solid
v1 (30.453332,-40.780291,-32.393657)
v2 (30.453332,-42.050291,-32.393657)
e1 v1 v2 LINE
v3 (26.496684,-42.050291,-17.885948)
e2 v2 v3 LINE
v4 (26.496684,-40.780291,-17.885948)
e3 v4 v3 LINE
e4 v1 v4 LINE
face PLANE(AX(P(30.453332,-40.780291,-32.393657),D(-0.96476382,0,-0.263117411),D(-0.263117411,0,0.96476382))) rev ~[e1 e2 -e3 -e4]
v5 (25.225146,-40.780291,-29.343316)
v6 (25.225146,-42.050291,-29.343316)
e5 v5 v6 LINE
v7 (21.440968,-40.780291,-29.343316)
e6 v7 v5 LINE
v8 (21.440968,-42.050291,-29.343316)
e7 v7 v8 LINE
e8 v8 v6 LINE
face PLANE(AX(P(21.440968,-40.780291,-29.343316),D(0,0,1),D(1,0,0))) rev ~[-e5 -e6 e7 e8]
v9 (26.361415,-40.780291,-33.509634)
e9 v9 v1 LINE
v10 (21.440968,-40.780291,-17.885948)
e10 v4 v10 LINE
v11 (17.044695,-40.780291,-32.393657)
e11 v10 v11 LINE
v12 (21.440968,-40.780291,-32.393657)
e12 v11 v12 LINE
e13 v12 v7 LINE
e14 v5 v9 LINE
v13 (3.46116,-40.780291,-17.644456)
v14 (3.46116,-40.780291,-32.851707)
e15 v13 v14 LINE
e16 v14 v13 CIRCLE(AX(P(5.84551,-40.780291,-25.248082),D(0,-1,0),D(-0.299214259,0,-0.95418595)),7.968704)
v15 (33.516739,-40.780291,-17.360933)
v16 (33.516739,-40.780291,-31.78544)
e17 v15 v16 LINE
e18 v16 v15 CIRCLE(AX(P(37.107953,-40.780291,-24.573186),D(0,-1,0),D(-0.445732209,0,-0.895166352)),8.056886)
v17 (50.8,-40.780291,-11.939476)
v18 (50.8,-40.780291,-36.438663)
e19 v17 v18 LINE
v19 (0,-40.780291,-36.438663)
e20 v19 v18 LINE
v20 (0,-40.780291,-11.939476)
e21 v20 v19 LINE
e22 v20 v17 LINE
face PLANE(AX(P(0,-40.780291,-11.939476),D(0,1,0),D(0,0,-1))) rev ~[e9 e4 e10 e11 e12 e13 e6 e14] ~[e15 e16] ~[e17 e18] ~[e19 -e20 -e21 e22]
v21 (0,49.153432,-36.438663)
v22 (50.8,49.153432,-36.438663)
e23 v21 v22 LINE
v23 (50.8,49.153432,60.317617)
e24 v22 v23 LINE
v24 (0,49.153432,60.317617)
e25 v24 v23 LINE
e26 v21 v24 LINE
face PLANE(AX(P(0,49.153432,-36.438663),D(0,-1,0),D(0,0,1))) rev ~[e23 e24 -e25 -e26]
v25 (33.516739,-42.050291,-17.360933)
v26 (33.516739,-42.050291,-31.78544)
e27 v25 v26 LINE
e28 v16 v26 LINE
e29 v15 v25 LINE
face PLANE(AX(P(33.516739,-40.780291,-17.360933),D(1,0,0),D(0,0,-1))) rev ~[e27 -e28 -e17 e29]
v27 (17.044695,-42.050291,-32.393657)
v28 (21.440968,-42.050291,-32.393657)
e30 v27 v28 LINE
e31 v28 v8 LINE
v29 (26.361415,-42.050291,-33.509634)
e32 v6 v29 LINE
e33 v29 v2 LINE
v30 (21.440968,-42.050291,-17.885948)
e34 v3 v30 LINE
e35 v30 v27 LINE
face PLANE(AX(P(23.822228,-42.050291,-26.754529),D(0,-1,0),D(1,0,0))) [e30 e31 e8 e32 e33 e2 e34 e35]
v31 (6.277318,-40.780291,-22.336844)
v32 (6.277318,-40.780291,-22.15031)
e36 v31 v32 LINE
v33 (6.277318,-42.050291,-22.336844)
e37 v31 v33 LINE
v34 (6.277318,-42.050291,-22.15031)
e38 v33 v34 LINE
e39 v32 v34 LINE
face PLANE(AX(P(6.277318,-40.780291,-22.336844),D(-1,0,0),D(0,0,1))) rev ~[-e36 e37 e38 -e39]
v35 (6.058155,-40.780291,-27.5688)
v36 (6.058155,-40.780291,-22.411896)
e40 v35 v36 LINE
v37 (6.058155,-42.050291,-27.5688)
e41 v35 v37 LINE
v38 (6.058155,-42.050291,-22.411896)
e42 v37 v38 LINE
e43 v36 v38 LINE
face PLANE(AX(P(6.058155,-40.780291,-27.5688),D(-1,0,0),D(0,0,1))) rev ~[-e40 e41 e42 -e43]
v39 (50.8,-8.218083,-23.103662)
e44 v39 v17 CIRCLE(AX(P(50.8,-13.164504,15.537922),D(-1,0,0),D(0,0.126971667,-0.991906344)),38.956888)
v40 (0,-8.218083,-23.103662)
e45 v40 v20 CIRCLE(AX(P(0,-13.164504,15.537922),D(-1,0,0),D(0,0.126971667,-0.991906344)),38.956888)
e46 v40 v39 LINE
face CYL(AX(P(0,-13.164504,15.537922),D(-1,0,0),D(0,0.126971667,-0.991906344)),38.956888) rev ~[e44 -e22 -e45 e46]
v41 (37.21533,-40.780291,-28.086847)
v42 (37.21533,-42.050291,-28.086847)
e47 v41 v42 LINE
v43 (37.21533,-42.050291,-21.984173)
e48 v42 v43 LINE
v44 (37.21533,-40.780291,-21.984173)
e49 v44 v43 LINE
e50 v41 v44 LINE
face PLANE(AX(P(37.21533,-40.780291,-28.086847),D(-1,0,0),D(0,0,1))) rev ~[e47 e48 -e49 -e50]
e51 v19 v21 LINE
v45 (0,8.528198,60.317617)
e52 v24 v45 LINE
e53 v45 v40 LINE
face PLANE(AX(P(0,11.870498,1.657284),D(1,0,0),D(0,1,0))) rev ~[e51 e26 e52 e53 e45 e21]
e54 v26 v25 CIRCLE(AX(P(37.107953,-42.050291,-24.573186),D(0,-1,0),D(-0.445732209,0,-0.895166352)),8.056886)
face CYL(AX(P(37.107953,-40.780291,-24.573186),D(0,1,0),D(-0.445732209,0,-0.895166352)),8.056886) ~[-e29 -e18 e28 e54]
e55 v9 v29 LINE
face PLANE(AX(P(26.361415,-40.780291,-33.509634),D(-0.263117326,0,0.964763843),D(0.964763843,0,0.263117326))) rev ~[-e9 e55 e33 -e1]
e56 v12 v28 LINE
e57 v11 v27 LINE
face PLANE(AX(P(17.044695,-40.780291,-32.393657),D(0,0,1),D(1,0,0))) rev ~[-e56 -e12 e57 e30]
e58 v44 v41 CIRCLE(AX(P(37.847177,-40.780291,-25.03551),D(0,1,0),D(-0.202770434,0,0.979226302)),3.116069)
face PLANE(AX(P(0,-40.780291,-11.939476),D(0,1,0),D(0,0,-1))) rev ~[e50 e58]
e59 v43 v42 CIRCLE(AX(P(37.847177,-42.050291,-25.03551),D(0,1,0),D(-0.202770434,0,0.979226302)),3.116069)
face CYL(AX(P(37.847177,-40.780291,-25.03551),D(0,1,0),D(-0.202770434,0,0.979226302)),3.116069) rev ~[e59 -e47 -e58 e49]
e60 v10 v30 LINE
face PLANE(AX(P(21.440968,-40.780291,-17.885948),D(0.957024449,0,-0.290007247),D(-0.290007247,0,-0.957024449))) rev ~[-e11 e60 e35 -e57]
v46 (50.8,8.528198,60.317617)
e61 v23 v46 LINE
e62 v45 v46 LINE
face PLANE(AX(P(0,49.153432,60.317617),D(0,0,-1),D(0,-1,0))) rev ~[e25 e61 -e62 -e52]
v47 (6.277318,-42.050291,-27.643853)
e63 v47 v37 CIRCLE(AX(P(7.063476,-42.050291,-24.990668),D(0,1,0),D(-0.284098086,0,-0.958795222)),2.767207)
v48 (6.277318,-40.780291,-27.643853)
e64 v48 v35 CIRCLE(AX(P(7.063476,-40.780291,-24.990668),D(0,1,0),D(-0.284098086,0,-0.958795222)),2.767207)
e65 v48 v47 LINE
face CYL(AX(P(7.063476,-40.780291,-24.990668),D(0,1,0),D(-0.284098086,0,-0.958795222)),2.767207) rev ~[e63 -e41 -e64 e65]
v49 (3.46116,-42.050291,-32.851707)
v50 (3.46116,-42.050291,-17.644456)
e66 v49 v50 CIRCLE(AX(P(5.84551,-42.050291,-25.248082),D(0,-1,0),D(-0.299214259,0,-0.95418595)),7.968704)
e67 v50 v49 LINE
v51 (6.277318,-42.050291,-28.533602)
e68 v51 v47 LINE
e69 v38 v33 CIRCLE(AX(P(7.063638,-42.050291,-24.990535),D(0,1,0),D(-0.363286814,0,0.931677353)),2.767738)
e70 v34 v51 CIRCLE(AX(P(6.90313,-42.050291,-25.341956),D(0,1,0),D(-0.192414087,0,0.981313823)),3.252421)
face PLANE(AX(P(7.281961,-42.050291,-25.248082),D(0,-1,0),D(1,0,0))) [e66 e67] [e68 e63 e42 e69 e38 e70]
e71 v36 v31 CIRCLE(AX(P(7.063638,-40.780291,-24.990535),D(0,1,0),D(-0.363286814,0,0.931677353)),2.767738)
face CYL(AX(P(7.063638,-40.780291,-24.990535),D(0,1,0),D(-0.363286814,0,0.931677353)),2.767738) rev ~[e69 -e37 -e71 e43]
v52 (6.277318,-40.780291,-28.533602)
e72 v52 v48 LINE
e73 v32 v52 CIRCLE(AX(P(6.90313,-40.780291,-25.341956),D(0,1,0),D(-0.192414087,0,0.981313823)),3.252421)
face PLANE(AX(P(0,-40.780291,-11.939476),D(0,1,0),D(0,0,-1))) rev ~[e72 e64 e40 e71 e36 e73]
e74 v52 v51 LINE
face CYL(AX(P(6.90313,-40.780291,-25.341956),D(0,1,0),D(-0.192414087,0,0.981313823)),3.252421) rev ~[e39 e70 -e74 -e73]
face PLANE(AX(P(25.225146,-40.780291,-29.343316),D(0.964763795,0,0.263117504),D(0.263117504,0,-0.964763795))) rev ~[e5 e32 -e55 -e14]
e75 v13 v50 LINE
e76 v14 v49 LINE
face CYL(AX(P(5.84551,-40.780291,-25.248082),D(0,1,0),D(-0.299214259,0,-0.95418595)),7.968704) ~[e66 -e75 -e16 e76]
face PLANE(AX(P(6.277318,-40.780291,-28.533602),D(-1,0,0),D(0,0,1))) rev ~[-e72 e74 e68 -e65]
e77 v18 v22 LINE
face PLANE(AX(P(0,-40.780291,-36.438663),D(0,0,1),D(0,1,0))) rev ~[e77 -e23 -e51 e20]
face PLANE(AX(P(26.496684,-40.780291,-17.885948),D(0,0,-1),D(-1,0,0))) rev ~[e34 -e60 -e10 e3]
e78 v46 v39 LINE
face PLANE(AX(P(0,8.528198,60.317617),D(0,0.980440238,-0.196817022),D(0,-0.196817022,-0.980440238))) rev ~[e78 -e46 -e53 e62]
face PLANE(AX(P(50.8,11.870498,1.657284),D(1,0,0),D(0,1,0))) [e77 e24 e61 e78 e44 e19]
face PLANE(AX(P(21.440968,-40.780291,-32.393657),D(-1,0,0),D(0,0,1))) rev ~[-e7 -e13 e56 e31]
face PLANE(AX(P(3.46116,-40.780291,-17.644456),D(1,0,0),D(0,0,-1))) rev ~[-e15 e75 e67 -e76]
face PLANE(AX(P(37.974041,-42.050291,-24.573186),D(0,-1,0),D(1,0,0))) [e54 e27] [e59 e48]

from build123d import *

# Parameters (mm, degrees)
F1_DEPTH = 50.8
F5_DEPTH = 1.27
F6_DEPTH = 1.27
F9_DEPTH = 1.27


with BuildPart() as f1:
    # F0 (on Right) → F1 (new body)
    with BuildSketch(Plane.YZ):
        with BuildLine():
            Line((8.528198, 60.317617), (-8.218083, -23.103662))
            ThreePointArc((-8.218083, -23.103662), (-25.79917, -21.313188), (-40.780291, -11.939476))
            Line((-40.780291, -11.939476), (-40.780291, -36.438663))
            Line((-40.780291, -36.438663), (49.153432, -36.438663))
            Line((49.153432, -36.438663), (49.153432, 60.317617))
            Line((49.153432, 60.317617), (8.528198, 60.317617))
        make_face()
    extrude(amount=F1_DEPTH)

    # F4 (on face) → F5 (join)
    with BuildSketch(Plane.XZ.offset(40.780291)):
        with BuildLine():
            ThreePointArc((33.516739, -31.78544), (45.164839, -24.573186), (33.516739, -17.360933))
            Line((33.516739, -17.360933), (33.516739, -31.78544))
        make_face()
        with BuildLine():
            Line((37.21533, -28.086847), (37.21533, -21.984173))
            ThreePointArc((37.21533, -21.984173), (40.963246, -25.03551), (37.21533, -28.086847))
        make_face(mode=Mode.SUBTRACT)
    extrude(amount=F5_DEPTH)

    # F3 (on face) → F6 (join)
    with BuildSketch(Plane.XZ.offset(40.780291)):
        Polygon((21.440968, -17.885948), (17.044695, -32.393657), (21.440968, -32.393657), (21.440968, -29.343316), (25.225146, -29.343316), (26.361415, -33.509634), (30.453332, -32.393657), (26.496684, -17.885948), align=None)
    extrude(amount=F6_DEPTH)

    # F8 (on face) → F9 (join)
    with BuildSketch(Plane.XZ.offset(40.780291)):
        with BuildLine():
            ThreePointArc((3.46116, -32.851707), (13.814214, -25.248081), (3.46116, -17.644456))
            Line((3.46116, -17.644456), (3.46116, -32.851707))
        make_face()
        with BuildLine():
            Line((6.277318, -22.336844), (6.277318, -22.15031))
            ThreePointArc((6.277318, -22.15031), (10.155551, -25.341956), (6.277318, -28.533602))
            Line((6.277318, -28.533602), (6.277318, -27.643853))
            ThreePointArc((6.277318, -27.643853), (6.166951, -27.608621), (6.058155, -27.5688))
            Line((6.058155, -27.5688), (6.058155, -22.411896))
            ThreePointArc((6.058155, -22.411896), (6.166951, -22.372076), (6.277318, -22.336844))
        make_face(mode=Mode.SUBTRACT)
    extrude(amount=F9_DEPTH)


solid = f1.part
